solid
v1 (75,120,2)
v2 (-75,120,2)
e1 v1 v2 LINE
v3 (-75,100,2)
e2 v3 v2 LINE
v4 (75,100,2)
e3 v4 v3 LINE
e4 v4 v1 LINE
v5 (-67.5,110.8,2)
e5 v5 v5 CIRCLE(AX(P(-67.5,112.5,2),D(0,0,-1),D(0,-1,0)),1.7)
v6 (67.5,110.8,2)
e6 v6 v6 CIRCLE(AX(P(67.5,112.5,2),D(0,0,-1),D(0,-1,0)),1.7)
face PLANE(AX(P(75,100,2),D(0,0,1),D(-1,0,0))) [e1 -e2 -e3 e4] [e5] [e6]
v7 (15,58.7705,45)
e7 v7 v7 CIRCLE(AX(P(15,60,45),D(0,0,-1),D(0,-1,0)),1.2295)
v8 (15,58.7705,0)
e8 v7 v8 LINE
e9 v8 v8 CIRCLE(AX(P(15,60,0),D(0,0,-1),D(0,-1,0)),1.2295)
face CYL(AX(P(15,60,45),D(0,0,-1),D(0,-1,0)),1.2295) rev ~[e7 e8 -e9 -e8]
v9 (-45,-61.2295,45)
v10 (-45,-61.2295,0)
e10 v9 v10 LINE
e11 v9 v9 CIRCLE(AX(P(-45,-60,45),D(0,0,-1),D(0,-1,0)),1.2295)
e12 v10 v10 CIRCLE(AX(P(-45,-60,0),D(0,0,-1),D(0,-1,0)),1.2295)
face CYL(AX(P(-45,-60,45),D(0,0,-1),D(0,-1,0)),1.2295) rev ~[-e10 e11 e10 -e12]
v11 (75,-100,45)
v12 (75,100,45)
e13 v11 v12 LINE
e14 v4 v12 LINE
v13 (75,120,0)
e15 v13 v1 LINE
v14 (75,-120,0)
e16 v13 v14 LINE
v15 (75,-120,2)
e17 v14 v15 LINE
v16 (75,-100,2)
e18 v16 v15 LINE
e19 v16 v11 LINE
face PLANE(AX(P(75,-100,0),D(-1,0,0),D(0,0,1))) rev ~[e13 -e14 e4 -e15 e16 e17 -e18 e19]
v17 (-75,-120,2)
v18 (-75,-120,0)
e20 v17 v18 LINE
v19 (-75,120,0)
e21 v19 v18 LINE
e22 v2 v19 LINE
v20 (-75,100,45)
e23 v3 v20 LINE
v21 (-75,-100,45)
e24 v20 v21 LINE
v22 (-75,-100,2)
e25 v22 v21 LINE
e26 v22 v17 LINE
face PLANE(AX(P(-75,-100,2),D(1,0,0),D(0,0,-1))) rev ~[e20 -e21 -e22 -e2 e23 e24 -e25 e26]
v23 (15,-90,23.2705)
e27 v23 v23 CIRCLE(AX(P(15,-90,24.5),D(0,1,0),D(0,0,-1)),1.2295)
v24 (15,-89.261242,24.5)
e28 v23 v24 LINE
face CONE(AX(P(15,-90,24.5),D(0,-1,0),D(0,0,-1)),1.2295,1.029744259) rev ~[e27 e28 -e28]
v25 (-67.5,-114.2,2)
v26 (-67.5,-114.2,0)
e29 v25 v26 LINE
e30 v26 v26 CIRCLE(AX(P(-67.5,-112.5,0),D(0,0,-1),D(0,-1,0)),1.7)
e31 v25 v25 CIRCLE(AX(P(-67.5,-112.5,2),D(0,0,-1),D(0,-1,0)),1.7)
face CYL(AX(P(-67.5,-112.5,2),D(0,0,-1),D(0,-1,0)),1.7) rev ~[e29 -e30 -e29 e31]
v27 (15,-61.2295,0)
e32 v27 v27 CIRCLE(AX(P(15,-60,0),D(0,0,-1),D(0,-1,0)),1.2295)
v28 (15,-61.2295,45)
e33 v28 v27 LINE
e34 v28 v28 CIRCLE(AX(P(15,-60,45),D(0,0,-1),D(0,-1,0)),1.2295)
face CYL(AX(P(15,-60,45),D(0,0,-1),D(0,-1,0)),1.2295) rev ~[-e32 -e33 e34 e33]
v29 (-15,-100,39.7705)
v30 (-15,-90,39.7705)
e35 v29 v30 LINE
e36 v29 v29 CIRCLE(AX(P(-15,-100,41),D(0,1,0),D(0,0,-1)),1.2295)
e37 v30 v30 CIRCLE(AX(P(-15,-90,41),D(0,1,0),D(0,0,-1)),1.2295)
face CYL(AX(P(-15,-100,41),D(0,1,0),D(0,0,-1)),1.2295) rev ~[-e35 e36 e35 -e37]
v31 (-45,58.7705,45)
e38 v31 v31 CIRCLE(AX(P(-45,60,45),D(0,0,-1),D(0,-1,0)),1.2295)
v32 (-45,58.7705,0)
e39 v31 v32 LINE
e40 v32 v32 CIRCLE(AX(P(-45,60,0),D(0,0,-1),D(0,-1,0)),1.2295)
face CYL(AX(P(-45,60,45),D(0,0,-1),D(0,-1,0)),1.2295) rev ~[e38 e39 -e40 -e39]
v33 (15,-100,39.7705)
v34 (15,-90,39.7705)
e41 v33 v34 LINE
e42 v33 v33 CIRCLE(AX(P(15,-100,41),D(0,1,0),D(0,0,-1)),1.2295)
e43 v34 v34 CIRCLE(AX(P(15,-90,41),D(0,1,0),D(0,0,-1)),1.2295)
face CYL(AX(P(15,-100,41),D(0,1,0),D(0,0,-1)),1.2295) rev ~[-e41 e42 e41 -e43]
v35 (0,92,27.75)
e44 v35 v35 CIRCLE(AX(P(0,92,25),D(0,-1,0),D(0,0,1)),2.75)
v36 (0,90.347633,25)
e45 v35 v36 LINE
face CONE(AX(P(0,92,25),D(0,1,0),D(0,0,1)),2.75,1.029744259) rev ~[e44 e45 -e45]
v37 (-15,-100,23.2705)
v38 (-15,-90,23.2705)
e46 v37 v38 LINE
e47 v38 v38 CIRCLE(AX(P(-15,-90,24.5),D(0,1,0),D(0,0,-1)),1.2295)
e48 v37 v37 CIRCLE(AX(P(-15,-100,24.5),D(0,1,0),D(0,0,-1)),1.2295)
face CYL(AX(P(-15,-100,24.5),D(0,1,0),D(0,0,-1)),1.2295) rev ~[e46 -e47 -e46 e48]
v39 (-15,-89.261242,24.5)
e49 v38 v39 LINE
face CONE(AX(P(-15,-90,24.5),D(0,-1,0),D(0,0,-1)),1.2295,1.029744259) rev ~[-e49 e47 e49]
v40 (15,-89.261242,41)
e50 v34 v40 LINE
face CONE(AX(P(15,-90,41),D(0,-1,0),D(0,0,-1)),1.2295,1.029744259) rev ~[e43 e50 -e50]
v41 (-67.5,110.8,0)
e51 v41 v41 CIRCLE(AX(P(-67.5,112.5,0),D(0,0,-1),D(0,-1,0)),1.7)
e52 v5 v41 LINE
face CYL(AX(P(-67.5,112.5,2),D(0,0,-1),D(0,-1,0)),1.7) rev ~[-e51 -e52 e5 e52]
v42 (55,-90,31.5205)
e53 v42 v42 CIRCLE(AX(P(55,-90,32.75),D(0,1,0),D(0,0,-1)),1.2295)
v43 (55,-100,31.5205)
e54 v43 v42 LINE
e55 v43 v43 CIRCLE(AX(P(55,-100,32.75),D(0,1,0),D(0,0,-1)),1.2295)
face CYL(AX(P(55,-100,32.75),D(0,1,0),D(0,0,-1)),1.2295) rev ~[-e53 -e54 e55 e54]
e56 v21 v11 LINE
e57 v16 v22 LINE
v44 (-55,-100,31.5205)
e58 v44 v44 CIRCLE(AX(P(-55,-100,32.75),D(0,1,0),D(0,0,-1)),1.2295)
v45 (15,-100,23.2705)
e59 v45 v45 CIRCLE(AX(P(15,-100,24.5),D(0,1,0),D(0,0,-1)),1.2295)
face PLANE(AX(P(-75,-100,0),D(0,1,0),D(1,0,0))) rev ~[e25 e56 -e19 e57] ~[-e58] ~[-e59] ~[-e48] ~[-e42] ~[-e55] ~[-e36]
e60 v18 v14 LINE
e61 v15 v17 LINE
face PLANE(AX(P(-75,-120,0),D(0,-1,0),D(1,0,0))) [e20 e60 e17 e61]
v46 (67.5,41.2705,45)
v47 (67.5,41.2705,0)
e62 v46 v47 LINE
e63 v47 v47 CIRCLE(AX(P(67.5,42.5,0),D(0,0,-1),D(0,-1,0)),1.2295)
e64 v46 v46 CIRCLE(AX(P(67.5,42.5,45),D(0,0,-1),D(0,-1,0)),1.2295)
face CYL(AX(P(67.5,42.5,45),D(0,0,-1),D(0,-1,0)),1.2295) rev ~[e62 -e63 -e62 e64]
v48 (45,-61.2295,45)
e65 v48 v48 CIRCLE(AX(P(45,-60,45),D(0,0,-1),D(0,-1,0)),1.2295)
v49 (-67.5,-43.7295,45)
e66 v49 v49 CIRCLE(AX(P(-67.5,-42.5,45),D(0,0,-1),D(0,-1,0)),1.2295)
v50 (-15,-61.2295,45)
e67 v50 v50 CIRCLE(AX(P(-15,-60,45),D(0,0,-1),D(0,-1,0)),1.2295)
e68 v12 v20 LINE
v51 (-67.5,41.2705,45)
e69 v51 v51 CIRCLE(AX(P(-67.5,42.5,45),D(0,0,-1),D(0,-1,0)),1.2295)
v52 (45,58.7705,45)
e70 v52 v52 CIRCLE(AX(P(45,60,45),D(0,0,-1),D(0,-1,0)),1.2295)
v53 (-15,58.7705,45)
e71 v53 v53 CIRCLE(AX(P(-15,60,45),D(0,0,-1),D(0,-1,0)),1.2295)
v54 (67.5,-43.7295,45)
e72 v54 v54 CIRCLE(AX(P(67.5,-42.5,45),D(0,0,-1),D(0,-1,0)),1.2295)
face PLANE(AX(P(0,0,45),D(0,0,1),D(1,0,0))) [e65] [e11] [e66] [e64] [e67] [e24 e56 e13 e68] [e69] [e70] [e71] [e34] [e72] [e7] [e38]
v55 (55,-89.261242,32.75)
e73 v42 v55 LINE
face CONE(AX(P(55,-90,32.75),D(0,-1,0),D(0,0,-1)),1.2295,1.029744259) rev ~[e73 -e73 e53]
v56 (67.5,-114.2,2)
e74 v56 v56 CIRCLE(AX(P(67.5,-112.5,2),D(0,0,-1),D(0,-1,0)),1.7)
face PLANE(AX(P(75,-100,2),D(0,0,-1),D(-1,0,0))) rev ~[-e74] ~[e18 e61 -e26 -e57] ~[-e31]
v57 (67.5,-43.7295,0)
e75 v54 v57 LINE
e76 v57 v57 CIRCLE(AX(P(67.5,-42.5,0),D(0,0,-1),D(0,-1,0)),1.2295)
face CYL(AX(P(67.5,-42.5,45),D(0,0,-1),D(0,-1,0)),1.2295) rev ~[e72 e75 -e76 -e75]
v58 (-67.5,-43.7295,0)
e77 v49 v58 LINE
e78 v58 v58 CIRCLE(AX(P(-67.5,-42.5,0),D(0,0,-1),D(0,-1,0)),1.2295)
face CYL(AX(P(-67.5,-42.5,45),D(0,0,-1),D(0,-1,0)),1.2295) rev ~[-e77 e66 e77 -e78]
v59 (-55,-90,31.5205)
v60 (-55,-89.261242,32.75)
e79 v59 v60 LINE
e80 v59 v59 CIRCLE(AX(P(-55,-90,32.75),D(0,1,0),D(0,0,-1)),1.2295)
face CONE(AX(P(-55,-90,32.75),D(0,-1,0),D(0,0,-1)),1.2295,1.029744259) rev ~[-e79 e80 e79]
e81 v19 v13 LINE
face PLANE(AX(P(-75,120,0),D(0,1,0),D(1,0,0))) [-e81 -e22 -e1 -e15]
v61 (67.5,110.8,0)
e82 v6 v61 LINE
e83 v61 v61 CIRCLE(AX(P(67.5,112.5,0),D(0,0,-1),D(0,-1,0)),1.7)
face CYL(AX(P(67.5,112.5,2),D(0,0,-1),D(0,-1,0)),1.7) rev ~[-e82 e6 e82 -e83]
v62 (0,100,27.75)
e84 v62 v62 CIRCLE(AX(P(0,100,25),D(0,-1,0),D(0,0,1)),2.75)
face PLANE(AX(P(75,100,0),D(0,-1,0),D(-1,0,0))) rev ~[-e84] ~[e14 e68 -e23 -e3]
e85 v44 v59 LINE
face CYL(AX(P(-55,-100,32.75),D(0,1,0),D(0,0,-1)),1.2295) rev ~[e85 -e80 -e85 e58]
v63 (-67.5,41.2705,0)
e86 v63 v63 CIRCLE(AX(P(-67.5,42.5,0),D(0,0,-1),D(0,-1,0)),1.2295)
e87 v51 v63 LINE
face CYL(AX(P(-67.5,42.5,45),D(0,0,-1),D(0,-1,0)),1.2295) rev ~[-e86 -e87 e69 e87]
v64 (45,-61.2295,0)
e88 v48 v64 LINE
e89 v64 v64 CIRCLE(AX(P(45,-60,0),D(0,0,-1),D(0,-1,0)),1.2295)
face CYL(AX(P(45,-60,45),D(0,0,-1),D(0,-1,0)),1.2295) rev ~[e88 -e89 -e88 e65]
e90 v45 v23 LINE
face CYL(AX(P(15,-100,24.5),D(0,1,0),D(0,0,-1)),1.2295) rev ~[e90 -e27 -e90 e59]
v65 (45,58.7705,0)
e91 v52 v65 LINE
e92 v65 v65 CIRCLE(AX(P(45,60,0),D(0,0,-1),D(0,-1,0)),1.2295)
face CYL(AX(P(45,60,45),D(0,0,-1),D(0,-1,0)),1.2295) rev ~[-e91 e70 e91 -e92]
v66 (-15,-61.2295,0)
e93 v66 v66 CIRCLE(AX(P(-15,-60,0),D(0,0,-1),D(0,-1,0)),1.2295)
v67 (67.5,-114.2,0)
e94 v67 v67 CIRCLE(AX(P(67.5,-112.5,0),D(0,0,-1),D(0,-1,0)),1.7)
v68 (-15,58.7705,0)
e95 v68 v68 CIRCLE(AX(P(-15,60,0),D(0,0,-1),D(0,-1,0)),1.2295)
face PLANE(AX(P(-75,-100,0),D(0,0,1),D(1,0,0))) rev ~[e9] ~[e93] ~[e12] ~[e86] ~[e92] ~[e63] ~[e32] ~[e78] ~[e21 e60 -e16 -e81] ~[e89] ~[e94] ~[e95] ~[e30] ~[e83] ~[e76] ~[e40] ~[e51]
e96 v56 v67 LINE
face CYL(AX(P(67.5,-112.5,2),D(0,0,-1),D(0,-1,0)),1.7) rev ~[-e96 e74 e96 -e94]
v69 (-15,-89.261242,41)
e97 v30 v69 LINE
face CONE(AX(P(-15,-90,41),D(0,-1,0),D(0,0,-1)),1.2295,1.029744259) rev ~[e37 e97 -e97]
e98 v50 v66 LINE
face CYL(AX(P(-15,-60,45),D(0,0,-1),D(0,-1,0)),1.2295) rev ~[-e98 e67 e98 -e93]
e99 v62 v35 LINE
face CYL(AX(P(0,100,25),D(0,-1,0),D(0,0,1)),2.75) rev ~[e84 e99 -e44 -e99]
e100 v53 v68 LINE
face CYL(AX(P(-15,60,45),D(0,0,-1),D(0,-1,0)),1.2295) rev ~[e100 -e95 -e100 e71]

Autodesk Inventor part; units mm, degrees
ref_plane "YZ Plane" through (0, 0, 0) normal (1, 0, 0) x (0, 1, 0)
ref_plane "XZ Plane" through (0, 0, 0) normal (0, 1, 0) x (-1, 0, 0)
ref_plane "XY Plane" through (0, 0, 0) normal (0, 0, 1) x (1, 0, 0)
sketch "Sketch1" plane through (0, 0, 0) normal (0, 0, 1) x (1, 0, 0)
  line L0 (-75, -100) -> (75, -100)
  line L1 (75, -100) -> (75, 100)
  line L2 (75, 100) -> (-75, 100)
  line L3 (-75, 100) -> (-75, -100)
  line L4 (-75, -100) -> (75, 100) construction
  line L5 (75, -100) -> (-75, 100) construction
  point P0 (0, 0)
  dimension "d0" = 200
  dimension "d1" = 150
extrude "Extrusion1" add sketch "Sketch1" along normal blind 45
sketch "Sketch2" plane through (-75, 100, 0) normal (0, 1, 0) x (1, 0, 0)
  line L0 (150, 0) -> (150, -45) projected
  line L1 (0, 0) -> (150, 0)
  line L2 (150, 0) -> (150, -2)
  line L3 (150, -2) -> (0, -2)
  line L4 (0, -2) -> (0, 0)
  point P0 (75, 0)
  dimension "d4" = 2
extrude "Extrusion2" add sketch "Sketch2" along normal blind 20
sketch "Sketch3" plane through (-75, -100, 0) normal (0, -1, 0) x (1, 0, 0)
  line L0 (0, 0) -> (150, 0) projected
  line L1 (150, 0) -> (150, 45) projected
  line L2 (0, 0) -> (150, 0)
  line L3 (150, 0) -> (150, 2)
  line L4 (150, 2) -> (0, 2)
  line L5 (0, 2) -> (0, 0)
  point P0 (75, 0)
  dimension "d7" = 2
extrude "Extrusion3" add sketch "Sketch3" along normal blind 20
sketch "Sketch4" plane through (-75, -100, 2) normal (0, 0, 1) x (1, 0, 0)
  line L0 (7.5, 212.5) -> (142.5, 212.5) construction
  line L1 (142.5, 212.5) -> (142.5, -12.5) construction
  line L2 (142.5, -12.5) -> (7.5, -12.5) construction
  line L3 (7.5, -12.5) -> (7.5, 212.5) construction
  line L4 (0, 220) -> (150, 220) projected
  line L5 (150, -20) -> (0, -20) construction
  line L6 (0, 200) -> (0, 220) construction
  point P0 (75, 100)
  dimension "d10" = 135
  dimension "d11" = 7.5
  dimension "d12" = 7.5
  dimension "d13" = 150
  dimension "d14" = 7.5
  dimension "d34" = 225
hole "Hole1" at (-67.5, 112.5, 2) at (67.5, 112.5, 2) at (-67.5, -112.5, 2) at (67.5, -112.5, 2) direction (0, 0, -1) diameter 3.4 end through all clearance for "Hex Head Cap Screw DIN EN 24017" size "M3" standard "DIN"
sketch "Sketch6" plane through (0, 0, 45) normal (0, 0, 1) x (1, 0, 0)
  line L0 (-67.5, 42.5) -> (67.5, 42.5) construction
  line L1 (67.5, 42.5) -> (67.5, -42.5) construction
  line L2 (67.5, -42.5) -> (-67.5, -42.5) construction
  line L3 (-67.5, -42.5) -> (-67.5, 42.5) construction
  line L4 (-67.5, 42.5) -> (67.5, -42.5) construction
  line L5 (67.5, 42.5) -> (-67.5, -42.5) construction
  line L6 (-45, 60) -> (45, 60) construction
  line L7 (45, 60) -> (45, -60) construction
  line L8 (45, -60) -> (-45, -60) construction
  line L9 (-45, -60) -> (-45, 60) construction
  line L10 (-45, 60) -> (45, -60) construction
  line L11 (45, 60) -> (-45, -60) construction
  line L12 (-15, -60) -> (15, -60) construction
  line L13 (15, -60) -> (15, 60) construction
  line L14 (15, 60) -> (-15, 60) construction
  line L15 (-15, 60) -> (-15, -60) construction
  line L16 (-15, -60) -> (15, 60) construction
  line L17 (15, -60) -> (-15, 60) construction
  point P0 (0, 0)
  dimension "d22" = 135
  dimension "d23" = 85
  dimension "d24" = 120
  dimension "d25" = 90
  dimension "d26" = 30
hole "Hole2" at (67.5, 42.5, 45) at (67.5, -42.5, 45) at (-67.5, -42.5, 45) at (-67.5, 42.5, 45) at (-45, -60, 45) at (-45, 60, 45) at (45, 60, 45) at (45, -60, 45) at (15, 60, 45) at (-15, 60, 45) at (-15, -60, 45) at (15, -60, 45) direction (0, 0, -1) diameter 2.459 end through all thread size "M3x0.5" class "6H" standard "ISO Metric profile"
sketch "Sketch9" plane through (-75, 100, 45) normal (0, 1, 0) x (1, 0, 0)
  line L0 (0, 43) -> (0, 0) projected
  line L1 (150, 0) -> (0, 0) projected
  point P0 (75, 45)
  point P1 (75, 20)
  dimension "d53" = 75
  dimension "d54" = 20
hole "Hole5" at (0, 100, 25) direction (0, -1, 0) diameter 5.5 depth 8 tip angle 118 clearance for "Countersunk Flat Head Screw DIN EN ISO 2009" size "M5" standard "DIN"
sketch "Sketch11" plane through (-75, -100, 45) normal (0, -1, 0) x (1, 0, 0)
  line L0 (20, -20.5) -> (60, -20.5) construction
  line L1 (60, -20.5) -> (60, -4) construction
  line L2 (60, -4) -> (20, -4) construction
  line L3 (20, -4) -> (20, -20.5) construction
  line L4 (90, -20.5) -> (130, -20.5) construction
  line L5 (130, -20.5) -> (130, -4) construction
  line L6 (130, -4) -> (90, -4) construction
  line L7 (90, -4) -> (90, -20.5) construction
  line L8 (0, -45) -> (150, -45) projected
  line L9 (0, -43) -> (0, 0) projected
  point P0 (75, -45)
  point P1 (20, -12.25)
  point P2 (130, -12.25)
  dimension "d72" = 16.5
  dimension "d73" = 16.5
  dimension "d74" = 24.5
  dimension "d75" = 40
  dimension "d76" = 40
  dimension "d77" = 20
  dimension "d78" = 30
hole "Hole7" at (-15, -100, 41) at (-15, -100, 24.5) at (15, -100, 24.5) at (15, -100, 41) at (-55, -100, 32.75) at (55, -100, 32.75) direction (0, 1, 0) diameter 2.459 depth 10 tip angle 118 thread size "M3x0.5" class "6H" standard "ISO Metric profile"
equation "\"d14\" = -0.5 * d10 + 0.5 * d13"
properties part number "Heatsink" material "Aluminum 6061"
